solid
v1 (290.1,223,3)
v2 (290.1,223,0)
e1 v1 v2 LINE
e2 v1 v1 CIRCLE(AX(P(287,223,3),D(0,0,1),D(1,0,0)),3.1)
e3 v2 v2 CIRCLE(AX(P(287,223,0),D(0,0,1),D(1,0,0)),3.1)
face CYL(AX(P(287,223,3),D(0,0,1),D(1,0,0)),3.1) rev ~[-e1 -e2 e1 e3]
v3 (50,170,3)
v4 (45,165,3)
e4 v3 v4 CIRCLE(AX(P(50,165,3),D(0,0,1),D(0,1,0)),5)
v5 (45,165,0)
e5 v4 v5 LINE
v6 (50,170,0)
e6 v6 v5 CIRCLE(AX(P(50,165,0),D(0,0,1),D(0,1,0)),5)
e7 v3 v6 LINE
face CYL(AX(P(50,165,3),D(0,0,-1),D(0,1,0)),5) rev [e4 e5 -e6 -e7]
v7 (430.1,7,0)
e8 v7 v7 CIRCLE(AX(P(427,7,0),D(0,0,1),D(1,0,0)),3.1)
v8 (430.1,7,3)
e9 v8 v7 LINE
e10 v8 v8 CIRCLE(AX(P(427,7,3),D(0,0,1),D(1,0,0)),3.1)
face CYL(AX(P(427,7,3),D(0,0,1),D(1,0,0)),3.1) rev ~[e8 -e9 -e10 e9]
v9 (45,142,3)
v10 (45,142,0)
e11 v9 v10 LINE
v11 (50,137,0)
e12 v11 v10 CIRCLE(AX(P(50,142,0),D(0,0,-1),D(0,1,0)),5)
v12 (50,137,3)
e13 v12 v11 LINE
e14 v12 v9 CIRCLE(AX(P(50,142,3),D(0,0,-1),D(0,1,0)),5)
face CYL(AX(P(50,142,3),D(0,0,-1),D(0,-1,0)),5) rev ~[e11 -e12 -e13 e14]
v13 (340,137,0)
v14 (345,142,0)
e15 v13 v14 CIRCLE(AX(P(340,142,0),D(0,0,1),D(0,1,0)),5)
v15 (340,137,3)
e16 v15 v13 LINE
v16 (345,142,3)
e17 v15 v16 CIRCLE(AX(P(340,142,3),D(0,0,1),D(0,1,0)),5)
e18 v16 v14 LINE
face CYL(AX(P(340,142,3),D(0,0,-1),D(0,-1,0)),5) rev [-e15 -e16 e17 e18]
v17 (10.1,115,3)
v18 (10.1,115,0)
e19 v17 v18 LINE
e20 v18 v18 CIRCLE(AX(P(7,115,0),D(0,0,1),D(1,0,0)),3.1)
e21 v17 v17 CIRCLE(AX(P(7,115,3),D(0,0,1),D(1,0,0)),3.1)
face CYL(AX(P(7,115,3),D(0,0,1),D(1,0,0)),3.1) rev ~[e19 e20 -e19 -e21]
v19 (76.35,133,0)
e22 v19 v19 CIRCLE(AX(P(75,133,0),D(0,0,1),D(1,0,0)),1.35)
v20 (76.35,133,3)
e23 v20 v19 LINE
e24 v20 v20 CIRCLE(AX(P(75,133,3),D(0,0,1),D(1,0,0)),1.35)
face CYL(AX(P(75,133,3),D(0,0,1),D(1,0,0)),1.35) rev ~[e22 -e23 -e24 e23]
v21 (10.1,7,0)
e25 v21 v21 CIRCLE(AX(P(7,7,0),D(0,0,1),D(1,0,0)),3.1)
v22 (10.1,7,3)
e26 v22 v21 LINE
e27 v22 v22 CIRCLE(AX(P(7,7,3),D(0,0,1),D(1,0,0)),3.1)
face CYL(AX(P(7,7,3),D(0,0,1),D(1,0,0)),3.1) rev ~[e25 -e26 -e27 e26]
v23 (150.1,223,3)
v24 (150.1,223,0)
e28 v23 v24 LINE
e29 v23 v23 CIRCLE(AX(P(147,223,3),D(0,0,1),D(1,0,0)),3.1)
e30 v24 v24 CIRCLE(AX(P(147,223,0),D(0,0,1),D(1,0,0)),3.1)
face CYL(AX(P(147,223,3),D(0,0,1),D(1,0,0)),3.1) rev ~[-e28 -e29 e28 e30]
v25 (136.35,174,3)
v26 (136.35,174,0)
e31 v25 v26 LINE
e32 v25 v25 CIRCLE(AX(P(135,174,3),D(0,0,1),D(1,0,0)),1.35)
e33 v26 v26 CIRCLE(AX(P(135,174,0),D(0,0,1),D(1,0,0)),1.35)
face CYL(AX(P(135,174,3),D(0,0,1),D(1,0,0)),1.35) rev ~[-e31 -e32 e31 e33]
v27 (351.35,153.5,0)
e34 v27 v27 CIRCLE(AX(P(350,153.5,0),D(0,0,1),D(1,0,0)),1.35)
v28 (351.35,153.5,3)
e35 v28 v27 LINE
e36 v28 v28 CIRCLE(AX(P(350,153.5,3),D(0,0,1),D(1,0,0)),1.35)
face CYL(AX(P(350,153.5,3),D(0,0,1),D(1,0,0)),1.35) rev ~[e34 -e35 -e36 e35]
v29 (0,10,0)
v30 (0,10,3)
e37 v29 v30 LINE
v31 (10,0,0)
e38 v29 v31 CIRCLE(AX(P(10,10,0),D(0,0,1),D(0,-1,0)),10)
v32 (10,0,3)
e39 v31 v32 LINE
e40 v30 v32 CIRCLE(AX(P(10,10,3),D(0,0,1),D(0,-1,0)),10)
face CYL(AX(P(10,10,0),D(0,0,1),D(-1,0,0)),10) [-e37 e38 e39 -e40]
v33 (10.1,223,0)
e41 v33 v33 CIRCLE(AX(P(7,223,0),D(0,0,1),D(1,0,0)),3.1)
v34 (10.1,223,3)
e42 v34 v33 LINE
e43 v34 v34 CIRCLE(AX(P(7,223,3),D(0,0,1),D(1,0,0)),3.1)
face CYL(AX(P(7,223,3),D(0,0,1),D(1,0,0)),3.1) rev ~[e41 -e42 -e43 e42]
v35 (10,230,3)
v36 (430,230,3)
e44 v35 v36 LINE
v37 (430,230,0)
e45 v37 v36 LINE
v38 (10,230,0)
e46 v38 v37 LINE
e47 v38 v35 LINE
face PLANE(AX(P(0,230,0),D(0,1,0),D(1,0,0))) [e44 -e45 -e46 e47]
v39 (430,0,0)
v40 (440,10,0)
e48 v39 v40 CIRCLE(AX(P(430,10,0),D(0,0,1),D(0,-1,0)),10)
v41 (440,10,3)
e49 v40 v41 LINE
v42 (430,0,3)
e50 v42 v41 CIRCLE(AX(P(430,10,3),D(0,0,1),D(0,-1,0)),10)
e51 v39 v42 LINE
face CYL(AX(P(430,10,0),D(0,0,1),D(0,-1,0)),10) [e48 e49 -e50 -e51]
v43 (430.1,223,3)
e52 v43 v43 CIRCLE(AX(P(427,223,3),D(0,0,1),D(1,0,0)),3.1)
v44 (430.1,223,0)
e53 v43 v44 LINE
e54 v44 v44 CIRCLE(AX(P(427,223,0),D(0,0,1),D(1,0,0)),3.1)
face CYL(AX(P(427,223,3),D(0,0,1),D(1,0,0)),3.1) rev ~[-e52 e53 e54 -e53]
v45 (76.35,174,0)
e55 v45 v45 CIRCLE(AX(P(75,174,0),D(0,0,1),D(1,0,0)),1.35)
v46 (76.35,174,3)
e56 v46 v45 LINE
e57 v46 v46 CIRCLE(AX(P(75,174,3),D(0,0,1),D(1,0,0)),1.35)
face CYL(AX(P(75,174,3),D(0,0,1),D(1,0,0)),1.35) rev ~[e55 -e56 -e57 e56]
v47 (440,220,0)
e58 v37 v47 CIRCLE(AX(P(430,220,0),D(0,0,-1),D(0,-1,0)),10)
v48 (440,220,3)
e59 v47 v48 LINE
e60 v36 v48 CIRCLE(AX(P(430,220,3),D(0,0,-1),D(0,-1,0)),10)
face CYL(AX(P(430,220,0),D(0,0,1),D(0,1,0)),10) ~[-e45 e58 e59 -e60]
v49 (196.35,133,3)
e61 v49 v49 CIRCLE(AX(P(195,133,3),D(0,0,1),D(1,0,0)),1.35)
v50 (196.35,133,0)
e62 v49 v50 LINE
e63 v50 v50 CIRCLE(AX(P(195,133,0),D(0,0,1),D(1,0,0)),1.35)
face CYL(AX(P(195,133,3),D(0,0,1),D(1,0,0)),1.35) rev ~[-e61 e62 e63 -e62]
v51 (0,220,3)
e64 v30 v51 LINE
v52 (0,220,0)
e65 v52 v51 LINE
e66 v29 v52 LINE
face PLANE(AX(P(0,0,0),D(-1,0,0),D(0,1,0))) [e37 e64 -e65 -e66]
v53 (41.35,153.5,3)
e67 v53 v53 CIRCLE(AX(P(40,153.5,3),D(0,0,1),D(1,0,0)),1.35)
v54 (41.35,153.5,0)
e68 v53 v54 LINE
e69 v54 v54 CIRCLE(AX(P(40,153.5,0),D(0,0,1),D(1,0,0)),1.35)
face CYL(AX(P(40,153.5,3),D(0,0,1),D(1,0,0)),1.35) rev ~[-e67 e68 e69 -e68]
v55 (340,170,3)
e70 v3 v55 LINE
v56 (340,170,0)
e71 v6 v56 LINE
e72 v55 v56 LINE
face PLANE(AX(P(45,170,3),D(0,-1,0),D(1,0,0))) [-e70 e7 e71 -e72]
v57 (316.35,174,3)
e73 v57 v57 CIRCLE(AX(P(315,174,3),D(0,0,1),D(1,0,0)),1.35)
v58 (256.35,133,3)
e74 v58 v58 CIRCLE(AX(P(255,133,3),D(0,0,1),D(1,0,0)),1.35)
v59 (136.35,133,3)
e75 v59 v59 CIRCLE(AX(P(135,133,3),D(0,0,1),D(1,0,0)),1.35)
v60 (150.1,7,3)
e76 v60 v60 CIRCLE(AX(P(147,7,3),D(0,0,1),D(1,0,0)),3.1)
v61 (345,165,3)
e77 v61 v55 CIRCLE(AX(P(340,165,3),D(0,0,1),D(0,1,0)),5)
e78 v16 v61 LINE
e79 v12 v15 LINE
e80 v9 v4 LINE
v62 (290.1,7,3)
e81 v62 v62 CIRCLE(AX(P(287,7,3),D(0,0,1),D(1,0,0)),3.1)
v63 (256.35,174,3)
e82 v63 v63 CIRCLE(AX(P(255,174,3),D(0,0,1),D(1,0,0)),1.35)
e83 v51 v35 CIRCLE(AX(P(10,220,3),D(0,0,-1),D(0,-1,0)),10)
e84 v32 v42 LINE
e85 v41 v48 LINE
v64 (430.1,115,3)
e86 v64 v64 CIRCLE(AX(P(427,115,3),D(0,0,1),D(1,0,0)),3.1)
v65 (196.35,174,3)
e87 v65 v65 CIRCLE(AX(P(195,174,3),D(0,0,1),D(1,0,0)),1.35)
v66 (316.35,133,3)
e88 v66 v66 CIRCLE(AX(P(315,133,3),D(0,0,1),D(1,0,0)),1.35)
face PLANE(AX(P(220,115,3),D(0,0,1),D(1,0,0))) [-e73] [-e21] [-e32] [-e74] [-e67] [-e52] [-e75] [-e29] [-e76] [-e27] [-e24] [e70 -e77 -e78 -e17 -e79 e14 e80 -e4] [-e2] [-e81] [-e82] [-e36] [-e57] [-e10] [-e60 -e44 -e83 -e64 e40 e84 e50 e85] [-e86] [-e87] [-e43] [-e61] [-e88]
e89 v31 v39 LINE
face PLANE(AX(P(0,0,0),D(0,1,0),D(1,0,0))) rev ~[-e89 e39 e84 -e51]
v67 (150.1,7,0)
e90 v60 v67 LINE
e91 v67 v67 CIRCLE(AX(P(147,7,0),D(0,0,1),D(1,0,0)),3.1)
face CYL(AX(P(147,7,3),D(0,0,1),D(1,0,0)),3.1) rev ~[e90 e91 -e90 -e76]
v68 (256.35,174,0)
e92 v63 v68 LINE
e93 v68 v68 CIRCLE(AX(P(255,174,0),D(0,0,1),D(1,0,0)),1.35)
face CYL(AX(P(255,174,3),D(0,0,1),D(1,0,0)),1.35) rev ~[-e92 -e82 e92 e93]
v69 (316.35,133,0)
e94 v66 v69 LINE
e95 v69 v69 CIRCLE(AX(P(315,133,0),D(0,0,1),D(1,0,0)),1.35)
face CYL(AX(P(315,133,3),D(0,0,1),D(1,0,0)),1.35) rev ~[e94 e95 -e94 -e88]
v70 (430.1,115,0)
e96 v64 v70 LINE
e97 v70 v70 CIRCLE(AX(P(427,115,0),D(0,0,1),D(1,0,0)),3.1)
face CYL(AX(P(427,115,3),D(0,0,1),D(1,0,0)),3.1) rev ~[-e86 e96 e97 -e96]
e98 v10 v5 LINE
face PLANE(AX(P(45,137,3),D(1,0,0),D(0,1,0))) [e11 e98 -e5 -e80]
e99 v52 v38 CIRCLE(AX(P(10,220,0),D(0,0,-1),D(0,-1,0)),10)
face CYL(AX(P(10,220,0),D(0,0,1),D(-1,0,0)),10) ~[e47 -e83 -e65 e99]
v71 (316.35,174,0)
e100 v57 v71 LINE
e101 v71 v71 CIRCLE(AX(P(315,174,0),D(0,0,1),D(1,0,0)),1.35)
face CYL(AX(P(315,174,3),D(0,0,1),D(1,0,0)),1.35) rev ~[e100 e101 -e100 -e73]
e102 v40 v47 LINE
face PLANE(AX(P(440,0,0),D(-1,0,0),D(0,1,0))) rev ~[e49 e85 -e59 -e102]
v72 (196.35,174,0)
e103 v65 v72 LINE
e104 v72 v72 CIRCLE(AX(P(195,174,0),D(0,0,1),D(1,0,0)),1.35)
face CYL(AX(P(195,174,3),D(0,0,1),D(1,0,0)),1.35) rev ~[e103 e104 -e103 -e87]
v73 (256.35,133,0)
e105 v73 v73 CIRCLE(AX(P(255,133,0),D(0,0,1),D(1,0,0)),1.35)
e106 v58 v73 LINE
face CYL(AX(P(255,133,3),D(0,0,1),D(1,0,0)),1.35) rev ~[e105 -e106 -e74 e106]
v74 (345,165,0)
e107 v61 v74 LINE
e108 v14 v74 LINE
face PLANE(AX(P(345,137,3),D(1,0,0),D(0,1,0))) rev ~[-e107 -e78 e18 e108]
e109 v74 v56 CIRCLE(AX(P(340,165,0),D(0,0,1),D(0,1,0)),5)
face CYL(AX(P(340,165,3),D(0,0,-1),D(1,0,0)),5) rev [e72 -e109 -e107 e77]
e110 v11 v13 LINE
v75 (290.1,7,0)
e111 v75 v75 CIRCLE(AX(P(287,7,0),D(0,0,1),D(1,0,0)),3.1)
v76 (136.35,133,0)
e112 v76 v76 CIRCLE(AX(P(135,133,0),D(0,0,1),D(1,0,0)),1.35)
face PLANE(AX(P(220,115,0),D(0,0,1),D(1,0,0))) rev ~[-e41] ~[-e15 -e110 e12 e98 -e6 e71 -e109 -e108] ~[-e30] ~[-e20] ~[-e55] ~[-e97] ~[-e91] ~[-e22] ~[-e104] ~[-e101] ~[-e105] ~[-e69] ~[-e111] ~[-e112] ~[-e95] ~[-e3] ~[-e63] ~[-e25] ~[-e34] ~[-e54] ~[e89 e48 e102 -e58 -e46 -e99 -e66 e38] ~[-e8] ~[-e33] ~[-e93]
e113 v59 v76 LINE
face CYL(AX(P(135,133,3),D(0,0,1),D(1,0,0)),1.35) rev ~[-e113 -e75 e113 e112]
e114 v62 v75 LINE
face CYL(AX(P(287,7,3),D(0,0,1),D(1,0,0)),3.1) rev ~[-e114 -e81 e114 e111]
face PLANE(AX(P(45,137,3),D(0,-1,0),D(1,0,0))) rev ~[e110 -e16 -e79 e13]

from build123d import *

# Parameters (mm, degrees)
F0_W     = 440
F0_H     = 230
F1_DEPTH = 3
F2_W     = 300
F2_H     = 33
F2_R     = 1.35
F2_R_2   = 3.1
F3_DEPTH = 3.001
F4_R     = 10
F5_R     = 5


with BuildPart() as f1:
    # F0 (on Top) → F1 (new body)
    with BuildSketch(Plane.XY):
        with Locations((220, 115)):
            Rectangle(F0_W, F0_H)
    extrude(amount=F1_DEPTH)

    # F2 (on face) → F3 (cut, through all)
    with BuildSketch(Plane.XY.offset(3)):
        with Locations((195, 153.5)):
            Rectangle(F2_W, F2_H)
        with Locations((40, 153.5)):
            Circle(F2_R)
        with Locations((75, 174)):
            Circle(F2_R)
        with Locations((75, 133)):
            Circle(F2_R)
        with Locations((135, 174)):
            Circle(F2_R)
        with Locations((135, 133)):
            Circle(F2_R)
        with Locations((195, 174)):
            Circle(F2_R)
        with Locations((195, 133)):
            Circle(F2_R)
        with Locations((255, 174)):
            Circle(F2_R)
        with Locations((255, 133)):
            Circle(F2_R)
        with Locations((315, 174)):
            Circle(F2_R)
        with Locations((315, 133)):
            Circle(F2_R)
        with Locations((350, 153.5)):
            Circle(F2_R)
        with Locations((7, 7)):
            Circle(F2_R_2)
        with Locations((7, 115)):
            Circle(F2_R_2)
        with Locations((147, 7)):
            Circle(F2_R_2)
        with Locations((287, 7)):
            Circle(F2_R_2)
        with Locations((427, 7)):
            Circle(F2_R_2)
        with Locations((427, 115)):
            Circle(F2_R_2)
        with Locations((7, 223)):
            Circle(F2_R_2)
        with Locations((147, 223)):
            Circle(F2_R_2)
        with Locations((287, 223)):
            Circle(F2_R_2)
        with Locations((427, 223)):
            Circle(F2_R_2)
    extrude(amount=-F3_DEPTH, mode=Mode.SUBTRACT)

    # F4
    f4_edges = [f1.edges().sort_by_distance(p)[0] for p in [
        (440, 0, 1.5),
        (0, 0, 1.5),
        (440, 230, 1.5),
        (0, 230, 1.5),
    ]]
    fillet(f4_edges, radius=F4_R)

    # F5
    f5_edges = [f1.edges().sort_by_distance(p)[0] for p in [
        (45, 137, 1.5),
        (45, 170, 1.5),
        (345, 170, 1.5),
        (345, 137, 1.5),
    ]]
    fillet(f5_edges, radius=F5_R)


solid = f1.part
